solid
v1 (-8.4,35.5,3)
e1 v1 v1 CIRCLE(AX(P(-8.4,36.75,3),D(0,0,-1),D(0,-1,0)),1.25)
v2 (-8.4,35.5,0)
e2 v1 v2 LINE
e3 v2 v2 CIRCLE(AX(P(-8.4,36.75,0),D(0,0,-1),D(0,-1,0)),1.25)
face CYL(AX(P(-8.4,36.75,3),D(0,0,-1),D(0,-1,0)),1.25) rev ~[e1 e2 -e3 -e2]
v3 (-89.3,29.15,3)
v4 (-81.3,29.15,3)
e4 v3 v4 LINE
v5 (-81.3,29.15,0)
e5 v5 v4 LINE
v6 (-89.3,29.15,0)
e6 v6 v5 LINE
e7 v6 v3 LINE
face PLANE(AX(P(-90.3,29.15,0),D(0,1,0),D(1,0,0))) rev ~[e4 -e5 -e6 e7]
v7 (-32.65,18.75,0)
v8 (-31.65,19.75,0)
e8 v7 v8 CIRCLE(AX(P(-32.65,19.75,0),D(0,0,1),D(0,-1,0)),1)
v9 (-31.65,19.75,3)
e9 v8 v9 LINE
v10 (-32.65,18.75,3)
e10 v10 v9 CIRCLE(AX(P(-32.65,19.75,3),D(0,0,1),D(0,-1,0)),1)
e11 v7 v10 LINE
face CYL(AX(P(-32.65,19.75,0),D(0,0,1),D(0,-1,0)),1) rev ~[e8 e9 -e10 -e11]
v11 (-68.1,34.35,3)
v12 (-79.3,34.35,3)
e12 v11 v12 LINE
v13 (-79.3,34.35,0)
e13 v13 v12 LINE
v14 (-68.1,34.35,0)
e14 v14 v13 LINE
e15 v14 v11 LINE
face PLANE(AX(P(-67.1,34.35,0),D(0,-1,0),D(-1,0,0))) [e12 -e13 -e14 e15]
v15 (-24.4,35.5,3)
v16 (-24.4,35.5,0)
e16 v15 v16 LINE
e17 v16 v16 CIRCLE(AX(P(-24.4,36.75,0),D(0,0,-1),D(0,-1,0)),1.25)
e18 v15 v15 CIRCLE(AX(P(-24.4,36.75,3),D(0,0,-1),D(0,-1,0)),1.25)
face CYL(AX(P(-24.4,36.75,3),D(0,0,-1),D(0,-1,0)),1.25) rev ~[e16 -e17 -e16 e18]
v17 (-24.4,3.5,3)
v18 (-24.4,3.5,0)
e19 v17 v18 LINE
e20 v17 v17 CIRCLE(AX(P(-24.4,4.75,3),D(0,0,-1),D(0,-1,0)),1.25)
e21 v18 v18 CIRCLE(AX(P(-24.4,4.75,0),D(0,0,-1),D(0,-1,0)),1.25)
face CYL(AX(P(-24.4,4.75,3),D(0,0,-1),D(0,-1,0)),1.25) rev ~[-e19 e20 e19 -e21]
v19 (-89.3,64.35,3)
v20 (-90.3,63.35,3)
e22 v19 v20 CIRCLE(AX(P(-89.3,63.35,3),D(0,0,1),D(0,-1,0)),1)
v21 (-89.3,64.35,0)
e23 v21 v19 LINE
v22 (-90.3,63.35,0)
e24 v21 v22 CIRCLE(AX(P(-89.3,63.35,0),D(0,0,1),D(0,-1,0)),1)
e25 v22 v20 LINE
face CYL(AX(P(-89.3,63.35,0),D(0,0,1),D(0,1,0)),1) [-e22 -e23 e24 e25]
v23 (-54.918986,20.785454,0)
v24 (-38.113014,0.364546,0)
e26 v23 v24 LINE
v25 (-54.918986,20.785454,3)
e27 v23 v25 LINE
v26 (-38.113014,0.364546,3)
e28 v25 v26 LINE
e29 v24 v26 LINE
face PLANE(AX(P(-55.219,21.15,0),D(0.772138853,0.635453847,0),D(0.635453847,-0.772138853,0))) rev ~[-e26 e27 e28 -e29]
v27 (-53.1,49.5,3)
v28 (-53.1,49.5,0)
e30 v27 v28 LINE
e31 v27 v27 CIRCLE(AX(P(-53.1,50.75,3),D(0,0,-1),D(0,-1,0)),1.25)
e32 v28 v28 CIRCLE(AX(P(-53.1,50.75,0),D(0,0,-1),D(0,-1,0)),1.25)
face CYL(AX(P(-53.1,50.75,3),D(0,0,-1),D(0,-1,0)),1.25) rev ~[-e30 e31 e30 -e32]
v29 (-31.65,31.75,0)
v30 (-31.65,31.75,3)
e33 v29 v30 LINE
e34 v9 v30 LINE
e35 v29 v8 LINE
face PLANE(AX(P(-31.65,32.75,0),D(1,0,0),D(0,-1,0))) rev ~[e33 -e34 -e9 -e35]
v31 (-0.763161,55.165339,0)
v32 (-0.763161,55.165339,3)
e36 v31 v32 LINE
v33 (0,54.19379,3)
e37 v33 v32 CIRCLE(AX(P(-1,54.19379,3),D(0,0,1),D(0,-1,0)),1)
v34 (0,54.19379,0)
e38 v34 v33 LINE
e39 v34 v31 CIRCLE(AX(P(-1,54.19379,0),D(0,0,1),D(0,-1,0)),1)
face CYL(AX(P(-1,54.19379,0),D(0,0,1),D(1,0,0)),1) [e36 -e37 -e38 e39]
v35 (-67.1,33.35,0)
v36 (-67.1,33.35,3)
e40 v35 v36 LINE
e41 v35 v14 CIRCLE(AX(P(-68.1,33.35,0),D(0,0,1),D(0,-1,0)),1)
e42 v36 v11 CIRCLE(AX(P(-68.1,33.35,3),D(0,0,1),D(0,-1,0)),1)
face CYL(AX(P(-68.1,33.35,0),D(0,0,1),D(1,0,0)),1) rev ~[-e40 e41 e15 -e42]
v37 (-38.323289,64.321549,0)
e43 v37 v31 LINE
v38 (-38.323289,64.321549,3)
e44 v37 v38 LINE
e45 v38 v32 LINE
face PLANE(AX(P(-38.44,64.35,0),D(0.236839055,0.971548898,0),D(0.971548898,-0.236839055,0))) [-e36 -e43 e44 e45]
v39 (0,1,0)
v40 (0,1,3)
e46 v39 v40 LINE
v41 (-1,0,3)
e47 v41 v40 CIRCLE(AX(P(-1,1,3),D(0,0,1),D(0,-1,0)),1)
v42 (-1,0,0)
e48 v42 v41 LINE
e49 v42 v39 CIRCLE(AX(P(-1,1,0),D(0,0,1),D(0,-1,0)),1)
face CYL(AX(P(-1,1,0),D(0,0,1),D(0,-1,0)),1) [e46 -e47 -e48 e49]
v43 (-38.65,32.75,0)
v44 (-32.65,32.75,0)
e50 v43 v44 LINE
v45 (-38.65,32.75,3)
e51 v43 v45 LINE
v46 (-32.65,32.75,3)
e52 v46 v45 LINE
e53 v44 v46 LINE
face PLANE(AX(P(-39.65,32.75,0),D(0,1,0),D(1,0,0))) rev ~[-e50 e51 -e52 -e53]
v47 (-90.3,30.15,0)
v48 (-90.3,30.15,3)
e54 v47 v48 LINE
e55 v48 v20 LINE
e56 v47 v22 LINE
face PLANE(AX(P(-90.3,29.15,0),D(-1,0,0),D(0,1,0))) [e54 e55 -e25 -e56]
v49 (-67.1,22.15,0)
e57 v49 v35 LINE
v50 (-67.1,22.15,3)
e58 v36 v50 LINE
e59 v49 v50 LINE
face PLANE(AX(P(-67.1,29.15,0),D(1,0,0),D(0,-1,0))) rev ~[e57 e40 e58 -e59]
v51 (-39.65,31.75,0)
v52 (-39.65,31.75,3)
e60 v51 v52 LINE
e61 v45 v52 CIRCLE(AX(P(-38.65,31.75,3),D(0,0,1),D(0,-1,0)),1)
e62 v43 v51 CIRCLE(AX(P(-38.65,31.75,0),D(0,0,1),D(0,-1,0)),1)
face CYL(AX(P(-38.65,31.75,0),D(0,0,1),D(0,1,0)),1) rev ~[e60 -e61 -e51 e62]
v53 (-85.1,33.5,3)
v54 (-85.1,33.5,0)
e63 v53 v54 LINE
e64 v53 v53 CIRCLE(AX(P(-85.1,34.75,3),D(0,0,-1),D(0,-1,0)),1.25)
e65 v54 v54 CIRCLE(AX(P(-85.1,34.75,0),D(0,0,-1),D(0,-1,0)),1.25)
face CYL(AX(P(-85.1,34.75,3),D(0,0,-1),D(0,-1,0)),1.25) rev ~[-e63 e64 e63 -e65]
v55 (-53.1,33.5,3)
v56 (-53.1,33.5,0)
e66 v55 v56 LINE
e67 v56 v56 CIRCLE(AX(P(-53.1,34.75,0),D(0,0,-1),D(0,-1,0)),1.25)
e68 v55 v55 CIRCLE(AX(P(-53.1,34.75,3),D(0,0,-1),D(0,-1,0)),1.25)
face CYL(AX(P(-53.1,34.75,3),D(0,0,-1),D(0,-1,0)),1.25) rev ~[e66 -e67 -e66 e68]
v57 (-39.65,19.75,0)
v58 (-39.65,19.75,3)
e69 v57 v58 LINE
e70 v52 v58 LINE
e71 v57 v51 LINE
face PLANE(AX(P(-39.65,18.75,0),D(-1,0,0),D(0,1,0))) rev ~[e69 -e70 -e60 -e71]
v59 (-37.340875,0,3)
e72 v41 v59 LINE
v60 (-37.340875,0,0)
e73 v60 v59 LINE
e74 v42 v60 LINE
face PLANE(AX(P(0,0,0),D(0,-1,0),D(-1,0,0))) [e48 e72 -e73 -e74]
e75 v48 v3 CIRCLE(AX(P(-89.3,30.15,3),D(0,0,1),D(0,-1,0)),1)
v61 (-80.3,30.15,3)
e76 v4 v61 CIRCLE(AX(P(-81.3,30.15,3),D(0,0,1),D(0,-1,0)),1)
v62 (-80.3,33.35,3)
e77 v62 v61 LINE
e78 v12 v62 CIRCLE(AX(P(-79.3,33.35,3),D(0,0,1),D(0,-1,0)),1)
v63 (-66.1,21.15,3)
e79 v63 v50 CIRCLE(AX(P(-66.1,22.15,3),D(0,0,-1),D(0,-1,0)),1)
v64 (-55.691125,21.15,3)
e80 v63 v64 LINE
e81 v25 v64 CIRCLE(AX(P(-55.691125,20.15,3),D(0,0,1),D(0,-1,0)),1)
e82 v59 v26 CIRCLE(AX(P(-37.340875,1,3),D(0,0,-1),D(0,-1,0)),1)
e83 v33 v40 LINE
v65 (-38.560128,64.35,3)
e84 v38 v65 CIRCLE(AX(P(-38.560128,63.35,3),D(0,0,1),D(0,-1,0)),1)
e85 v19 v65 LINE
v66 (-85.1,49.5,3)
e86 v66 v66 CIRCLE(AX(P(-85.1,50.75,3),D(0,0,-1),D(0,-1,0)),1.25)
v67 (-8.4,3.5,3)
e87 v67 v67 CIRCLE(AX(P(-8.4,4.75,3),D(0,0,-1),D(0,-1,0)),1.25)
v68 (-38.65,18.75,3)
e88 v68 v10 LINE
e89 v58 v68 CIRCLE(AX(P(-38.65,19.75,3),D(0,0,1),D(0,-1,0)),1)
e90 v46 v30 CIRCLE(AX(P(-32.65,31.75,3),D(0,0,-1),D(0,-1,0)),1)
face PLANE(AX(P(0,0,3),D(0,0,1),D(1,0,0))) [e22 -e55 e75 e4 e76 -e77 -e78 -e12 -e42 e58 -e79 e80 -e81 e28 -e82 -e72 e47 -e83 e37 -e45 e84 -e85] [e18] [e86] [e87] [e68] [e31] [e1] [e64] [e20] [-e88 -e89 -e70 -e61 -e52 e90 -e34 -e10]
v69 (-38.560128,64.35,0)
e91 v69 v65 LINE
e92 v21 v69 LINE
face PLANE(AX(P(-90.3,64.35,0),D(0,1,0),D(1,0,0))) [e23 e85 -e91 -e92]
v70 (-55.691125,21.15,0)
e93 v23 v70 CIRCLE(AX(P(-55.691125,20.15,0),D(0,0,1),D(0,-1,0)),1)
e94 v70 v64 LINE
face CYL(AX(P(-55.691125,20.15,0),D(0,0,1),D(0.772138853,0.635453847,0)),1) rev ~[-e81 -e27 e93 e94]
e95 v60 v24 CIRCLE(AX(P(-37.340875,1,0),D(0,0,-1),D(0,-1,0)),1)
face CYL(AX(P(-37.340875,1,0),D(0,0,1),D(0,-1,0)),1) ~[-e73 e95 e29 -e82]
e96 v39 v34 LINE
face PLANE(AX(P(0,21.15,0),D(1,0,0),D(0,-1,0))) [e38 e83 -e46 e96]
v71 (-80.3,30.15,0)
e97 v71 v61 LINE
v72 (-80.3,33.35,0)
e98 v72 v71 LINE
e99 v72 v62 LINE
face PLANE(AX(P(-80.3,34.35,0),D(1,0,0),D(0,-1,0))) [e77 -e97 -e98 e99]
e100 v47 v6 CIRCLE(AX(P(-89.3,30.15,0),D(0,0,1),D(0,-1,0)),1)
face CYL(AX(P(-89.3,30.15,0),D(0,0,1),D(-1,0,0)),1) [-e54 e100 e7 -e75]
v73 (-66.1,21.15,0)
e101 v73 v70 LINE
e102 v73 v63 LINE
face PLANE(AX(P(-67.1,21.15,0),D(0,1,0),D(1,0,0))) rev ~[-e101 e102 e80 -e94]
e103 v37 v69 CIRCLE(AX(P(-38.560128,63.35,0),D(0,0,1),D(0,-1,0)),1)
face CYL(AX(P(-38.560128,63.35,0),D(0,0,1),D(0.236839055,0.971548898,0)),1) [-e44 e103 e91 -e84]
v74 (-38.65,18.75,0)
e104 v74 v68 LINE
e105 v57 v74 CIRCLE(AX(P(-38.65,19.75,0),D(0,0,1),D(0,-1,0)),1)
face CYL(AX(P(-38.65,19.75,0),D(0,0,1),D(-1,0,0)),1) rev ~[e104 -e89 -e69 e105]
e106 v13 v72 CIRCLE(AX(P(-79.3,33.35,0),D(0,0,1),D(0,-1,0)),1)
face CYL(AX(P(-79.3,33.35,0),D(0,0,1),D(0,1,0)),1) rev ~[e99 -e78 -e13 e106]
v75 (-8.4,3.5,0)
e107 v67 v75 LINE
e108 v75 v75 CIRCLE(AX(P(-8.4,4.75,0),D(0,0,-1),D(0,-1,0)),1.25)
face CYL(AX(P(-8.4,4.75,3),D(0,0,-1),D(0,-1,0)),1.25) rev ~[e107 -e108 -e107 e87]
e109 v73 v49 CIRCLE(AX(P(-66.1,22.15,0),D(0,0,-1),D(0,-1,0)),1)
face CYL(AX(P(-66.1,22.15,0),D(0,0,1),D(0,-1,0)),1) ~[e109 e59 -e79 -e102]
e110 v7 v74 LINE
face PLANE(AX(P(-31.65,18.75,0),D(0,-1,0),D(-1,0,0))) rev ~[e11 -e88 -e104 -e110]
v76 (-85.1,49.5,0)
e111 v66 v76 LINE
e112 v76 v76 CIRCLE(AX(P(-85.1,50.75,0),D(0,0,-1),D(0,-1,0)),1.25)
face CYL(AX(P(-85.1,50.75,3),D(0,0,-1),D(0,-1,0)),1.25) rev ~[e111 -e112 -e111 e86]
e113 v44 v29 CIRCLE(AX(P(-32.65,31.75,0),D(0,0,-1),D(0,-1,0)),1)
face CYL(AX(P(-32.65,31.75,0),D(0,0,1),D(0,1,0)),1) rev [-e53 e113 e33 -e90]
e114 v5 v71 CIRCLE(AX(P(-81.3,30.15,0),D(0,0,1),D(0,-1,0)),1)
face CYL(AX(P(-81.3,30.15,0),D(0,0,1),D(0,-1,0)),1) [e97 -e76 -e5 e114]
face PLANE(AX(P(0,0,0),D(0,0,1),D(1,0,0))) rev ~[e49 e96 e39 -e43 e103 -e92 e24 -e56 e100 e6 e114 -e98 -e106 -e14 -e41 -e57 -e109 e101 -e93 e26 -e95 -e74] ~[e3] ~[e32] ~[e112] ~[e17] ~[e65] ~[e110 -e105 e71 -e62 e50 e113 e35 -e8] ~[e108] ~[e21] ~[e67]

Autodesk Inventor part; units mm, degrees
ref_plane "YZ Plane" through (0, 0, 0) normal (1, 0, 0) x (0, 1, 0)
ref_plane "XZ Plane" through (0, 0, 0) normal (0, 1, 0) x (-1, 0, 0)
ref_plane "XY Plane" through (0, 0, 0) normal (0, 0, 1) x (1, 0, 0)
sketch "スケッチ1" plane through (0, 0, 0) normal (0, 0, 1) x (1, 0, 0)
  line L0 (0, 0) -> (-90.3, 0)
  line L1 (-90.3, 0) -> (-90.3, 64.35)
  line L2 (-90.3, 64.35) -> (0, 64.35)
  line L3 (0, 64.35) -> (0, 0)
  line L4 (-90.3, 21.15) -> (0, 21.15)
  line L5 (-55.219, 21.15) -> (-37.813, 0)
  line L6 (-90.3, 29.15) -> (0, 29.15)
  line L7 (-80.3, 29.15) -> (-67.1, 29.15)
  line L8 (-67.1, 29.15) -> (-67.1, 34.35)
  line L9 (-67.1, 34.35) -> (-80.3, 34.35)
  line L10 (-80.3, 34.35) -> (-80.3, 29.15)
  line L11 (-67.1, 29.15) -> (-67.1, 21.15)
  line L12 (-38.44, 64.35) -> (0, 54.9793)
  dimension "d0" = 90.3
  dimension "d1" = 64.35
  dimension "d2" = 21.15
  dimension "d3" = 55.219
  dimension "d4" = 37.813
  dimension "d5" = 35.2
  dimension "d6" = 10
  dimension "d7" = 5.2
  dimension "d8" = 13.2
  dimension "d9" = 166.3
  dimension "d10" = 51.86
extrude "押し出し1" add sketch "スケッチ1" along normal blind 3 contours L0 L5 L4 L3 | L4 L11 L6 L3 | L6 L8 L9 L10 L1 L2 L12 L3
sketch "スケッチ2" plane through (0, 0, 3) normal (0, 0, 1) x (1, 0, 0)
  line L0 (-85.1, 34.75) -> (-53.1, 34.75)
  line L1 (-53.1, 34.75) -> (-53.1, 50.75)
  line L2 (-53.1, 50.75) -> (-85.1, 50.75)
  line L3 (-85.1, 50.75) -> (-85.1, 34.75)
  line L4 (-90.3, 29.15) -> (-80.3, 29.15) projected
  line L5 (-90.3, 64.35) -> (-90.3, 29.15) projected
  line L6 (-8.4, 4.75) -> (-24.4, 4.75)
  line L7 (-24.4, 4.75) -> (-24.4, 36.75)
  line L8 (-24.4, 36.75) -> (-8.4, 36.75)
  line L9 (-8.4, 36.75) -> (-8.4, 4.75)
  line L10 (0, 0) -> (0, 54.9793) projected
  line L11 (-37.813, 0) -> (0, 0) projected
  dimension "d13" = 5.6
  dimension "d14" = 5.2
  dimension "d15" = 16
  dimension "d16" = 32
  dimension "d17" = 8.4
  dimension "d18" = 4.75
  dimension "d19" = 16
  dimension "d20" = 32
hole "穴1" at (-85.1, 50.75, 3) at (-85.1, 34.75, 3) at (-53.1, 34.75, 3) at (-53.1, 50.75, 3) at (-24.4, 4.75, 3) at (-8.4, 4.75, 3) at (-8.4, 36.75, 3) at (-24.4, 36.75, 3) direction (0, 0, -1) diameter 2.5 end through all
fillet "フィレット1" radius 1 11 edges at (0, 0, 1.5) (0, 54.9793, 1.5) (-90.3, 64.35, 1.5) (-90.3, 29.15, 1.5) (-80.3, 29.15, 1.5) (-80.3, 34.35, 1.5) (-67.1, 34.35, 1.5) (-67.1, 21.15, 1.5) (-55.219, 21.15, 1.5) (-37.813, 0, 1.5) (-38.44, 64.35, 1.5)
sketch "スケッチ3" plane through (0, 0, 0) normal (0, 0, -1) x (-1, 0, 0)
  line L0 (31.65, 18.75) -> (39.65, 18.75)
  line L1 (39.65, 18.75) -> (39.65, 32.75)
  line L2 (39.65, 32.75) -> (31.65, 32.75)
  line L3 (31.65, 32.75) -> (31.65, 18.75)
  circle A0 centre (24.4, 4.75) radius 1.25 projected
  circle A1 centre (24.4, 36.75) radius 1.25 projected
  point P0 (0, 0)
  dimension "d29" = 14
  dimension "d30" = 14
  dimension "d31" = 8
  dimension "d32" = 6
extrude "押し出し2" cut sketch "スケッチ3" against normal blind 10 contours L3 L2 L1 L0
fillet "フィレット2" radius 1 4 edges at (-31.65, 18.75, 1.5) (-31.65, 32.75, 1.5) (-39.65, 32.75, 1.5) (-39.65, 18.75, 1.5)
equation "\"BendRadius\" = Thickness"
equation "\"BendReliefWidth\" = Thickness"
equation "\"BendReliefDepth\" = 0.5 * Thickness"
equation "\"CornerReliefSize\" = 4 * Thickness"
equation "\"MinimumRemnant\" = 2 * Thickness"
equation "\"TransitionRadius\" = BendRadius"
equation "\"JacobiRadiusSize\" = BendRadius"
equation "\"GapSize\" = Thickness"
equation "\"Thickness\" = 3.048"
properties part number "connectplate1" material "アルミニウム 6061"
